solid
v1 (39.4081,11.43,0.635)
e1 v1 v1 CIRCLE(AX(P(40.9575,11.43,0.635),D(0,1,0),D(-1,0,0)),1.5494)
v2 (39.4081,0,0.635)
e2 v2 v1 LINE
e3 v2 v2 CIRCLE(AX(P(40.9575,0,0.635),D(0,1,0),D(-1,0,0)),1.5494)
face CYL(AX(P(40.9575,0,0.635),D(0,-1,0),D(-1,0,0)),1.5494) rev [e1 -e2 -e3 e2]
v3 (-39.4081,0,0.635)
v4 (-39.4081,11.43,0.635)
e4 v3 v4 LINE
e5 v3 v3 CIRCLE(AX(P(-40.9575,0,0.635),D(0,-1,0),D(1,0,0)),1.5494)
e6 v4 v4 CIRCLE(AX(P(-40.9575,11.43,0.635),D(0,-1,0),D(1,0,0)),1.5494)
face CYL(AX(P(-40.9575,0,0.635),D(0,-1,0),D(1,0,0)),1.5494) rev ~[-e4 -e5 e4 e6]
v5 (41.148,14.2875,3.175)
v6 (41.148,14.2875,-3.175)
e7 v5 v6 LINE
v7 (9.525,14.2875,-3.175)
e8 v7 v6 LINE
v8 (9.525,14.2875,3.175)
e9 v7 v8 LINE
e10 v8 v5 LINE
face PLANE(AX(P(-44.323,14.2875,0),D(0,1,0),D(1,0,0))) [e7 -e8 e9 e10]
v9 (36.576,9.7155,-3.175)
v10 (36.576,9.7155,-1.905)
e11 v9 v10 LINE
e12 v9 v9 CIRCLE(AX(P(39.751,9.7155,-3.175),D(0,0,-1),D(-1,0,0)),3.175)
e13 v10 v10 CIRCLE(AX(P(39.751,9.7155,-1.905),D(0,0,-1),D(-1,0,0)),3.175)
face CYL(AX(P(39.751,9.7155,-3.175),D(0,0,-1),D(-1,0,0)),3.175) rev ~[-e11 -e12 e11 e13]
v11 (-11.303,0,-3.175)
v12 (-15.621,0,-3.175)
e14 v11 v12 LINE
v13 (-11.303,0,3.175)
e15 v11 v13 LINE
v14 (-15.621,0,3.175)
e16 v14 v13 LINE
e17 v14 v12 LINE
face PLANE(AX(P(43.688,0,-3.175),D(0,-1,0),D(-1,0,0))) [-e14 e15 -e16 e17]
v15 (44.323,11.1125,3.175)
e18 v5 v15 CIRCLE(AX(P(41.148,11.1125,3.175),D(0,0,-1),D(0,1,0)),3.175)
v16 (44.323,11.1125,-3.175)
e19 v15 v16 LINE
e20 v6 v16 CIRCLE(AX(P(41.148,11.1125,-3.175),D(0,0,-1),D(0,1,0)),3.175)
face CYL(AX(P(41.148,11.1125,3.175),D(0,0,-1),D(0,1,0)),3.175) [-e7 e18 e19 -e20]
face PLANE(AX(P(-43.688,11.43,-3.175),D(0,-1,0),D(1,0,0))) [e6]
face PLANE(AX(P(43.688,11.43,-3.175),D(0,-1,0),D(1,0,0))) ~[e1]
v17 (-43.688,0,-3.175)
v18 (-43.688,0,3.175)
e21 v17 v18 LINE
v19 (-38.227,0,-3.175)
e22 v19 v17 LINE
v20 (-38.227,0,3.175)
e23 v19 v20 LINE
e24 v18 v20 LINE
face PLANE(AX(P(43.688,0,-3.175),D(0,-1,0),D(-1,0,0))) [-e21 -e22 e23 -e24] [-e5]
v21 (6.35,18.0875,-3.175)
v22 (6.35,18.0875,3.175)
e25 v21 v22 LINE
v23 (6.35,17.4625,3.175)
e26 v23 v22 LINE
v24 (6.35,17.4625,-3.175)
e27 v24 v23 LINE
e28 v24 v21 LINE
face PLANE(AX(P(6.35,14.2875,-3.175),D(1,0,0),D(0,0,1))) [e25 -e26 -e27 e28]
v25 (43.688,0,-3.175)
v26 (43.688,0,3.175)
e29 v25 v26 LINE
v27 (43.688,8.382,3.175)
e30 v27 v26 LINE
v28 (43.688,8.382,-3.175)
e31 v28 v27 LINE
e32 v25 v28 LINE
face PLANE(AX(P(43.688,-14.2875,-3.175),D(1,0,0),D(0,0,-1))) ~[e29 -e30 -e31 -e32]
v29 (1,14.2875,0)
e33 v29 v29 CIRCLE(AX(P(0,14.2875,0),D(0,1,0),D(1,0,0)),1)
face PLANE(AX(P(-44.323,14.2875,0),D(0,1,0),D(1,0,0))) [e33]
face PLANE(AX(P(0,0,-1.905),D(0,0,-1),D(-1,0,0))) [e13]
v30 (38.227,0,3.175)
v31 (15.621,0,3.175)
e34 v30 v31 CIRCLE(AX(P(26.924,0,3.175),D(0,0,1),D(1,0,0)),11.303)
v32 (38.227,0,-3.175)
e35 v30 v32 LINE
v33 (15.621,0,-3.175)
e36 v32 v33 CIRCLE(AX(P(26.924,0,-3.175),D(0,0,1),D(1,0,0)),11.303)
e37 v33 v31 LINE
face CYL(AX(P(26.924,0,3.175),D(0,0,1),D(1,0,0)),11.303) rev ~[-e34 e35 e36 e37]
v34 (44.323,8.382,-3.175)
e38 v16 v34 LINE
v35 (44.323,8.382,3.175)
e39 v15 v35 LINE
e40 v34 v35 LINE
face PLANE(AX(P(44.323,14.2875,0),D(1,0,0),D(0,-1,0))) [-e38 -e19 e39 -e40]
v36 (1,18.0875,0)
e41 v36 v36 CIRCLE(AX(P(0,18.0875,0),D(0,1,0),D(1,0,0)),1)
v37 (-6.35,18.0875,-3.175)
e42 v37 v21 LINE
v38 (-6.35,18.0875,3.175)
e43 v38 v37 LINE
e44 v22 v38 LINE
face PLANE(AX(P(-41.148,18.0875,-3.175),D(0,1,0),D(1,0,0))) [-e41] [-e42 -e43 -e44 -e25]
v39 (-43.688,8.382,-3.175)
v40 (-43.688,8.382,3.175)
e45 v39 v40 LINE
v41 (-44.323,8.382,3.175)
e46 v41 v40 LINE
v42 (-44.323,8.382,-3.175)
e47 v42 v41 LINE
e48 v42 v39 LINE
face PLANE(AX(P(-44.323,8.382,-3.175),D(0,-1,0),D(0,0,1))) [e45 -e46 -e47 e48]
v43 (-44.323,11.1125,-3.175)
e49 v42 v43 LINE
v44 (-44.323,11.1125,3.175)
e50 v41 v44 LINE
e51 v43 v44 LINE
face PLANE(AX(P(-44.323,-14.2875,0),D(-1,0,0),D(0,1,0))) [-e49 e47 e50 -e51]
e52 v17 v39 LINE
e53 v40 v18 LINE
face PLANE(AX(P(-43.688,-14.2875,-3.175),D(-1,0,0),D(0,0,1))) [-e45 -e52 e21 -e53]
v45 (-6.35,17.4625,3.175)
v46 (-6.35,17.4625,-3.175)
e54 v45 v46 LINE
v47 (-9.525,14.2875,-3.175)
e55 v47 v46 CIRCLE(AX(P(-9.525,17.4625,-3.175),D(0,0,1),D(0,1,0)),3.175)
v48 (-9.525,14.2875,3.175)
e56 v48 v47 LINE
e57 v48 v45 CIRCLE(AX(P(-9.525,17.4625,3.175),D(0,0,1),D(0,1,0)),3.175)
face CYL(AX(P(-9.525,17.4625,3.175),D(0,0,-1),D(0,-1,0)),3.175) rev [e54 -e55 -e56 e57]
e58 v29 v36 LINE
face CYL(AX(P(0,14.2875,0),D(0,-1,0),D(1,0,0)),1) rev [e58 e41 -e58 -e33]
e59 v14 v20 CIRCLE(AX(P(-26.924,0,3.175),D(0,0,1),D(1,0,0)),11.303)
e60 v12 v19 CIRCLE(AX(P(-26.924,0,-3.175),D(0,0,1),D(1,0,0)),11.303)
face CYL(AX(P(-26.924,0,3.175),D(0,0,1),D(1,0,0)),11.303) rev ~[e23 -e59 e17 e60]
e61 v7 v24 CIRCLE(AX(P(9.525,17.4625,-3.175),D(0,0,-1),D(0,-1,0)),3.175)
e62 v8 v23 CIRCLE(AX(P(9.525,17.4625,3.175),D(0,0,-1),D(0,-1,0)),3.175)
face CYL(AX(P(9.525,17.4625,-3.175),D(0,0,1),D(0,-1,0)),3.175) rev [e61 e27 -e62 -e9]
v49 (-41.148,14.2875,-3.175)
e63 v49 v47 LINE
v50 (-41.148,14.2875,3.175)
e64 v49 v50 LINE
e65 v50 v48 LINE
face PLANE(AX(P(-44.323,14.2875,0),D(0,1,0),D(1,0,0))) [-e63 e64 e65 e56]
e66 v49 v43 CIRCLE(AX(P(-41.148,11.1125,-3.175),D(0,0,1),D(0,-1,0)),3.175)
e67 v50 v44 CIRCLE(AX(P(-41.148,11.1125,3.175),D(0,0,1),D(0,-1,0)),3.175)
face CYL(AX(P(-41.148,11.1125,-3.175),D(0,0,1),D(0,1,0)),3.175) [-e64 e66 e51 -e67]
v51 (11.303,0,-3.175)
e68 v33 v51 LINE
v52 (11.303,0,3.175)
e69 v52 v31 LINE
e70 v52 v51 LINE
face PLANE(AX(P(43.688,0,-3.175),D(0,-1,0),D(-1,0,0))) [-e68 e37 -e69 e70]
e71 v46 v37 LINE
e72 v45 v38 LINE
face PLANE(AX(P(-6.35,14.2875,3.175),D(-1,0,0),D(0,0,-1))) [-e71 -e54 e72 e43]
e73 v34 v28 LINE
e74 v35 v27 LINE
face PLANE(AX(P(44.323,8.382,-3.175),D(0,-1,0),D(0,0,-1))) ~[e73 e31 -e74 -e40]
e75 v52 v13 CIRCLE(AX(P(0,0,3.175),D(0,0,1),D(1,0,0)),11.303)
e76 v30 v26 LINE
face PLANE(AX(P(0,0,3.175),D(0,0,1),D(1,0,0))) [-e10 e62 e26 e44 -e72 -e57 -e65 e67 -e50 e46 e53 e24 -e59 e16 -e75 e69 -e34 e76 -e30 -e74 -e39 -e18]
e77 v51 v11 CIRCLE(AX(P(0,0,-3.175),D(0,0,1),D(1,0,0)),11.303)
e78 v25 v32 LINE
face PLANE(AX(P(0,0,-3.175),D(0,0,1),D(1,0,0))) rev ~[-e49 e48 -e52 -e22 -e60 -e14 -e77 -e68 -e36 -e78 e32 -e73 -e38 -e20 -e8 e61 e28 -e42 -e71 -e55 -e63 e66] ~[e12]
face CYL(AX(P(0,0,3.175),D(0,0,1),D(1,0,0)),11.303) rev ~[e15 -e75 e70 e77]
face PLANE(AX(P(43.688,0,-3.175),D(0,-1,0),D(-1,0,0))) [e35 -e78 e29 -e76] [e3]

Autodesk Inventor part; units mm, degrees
ref_plane "YZ Plane" through (0, 0, 0) normal (1, 0, 0) x (0, 1, 0)
ref_plane "XZ Plane" through (0, 0, 0) normal (0, 1, 0) x (-1, 0, 0)
ref_plane "XY Plane" through (0, 0, 0) normal (0, 0, 1) x (1, 0, 0)
sketch "Sketch1" plane through (0, 0, 0) normal (0, 0, 1) x (1, 0, 0)
  line L0 (-44.323, 14.2875) -> (44.323, 14.2875)
  line L1 (44.323, 14.2875) -> (44.323, -14.2875)
  line L2 (44.323, -14.2875) -> (-44.323, -14.2875)
  line L3 (-44.323, -14.2875) -> (-44.323, 14.2875)
  point P0 (0, 0)
  dimension "d0" = 88.646
  dimension "d1" = 44.323
  dimension "d2" = 14.2875
  dimension "d3" = 28.575
extrude "Extrusion1" add sketch "Sketch1" along normal mid plane 6.35
sketch "Sketch2" plane through (0, 0, 3.175) normal (0, 0, 1) x (1, 0, 0)
  circle A0 centre (-26.924, 0) radius 11.303
  circle A1 centre (0, 0) radius 11.303
  line L0 (44.323, -14.2875) -> (44.323, 14.2875) projected
  circle A2 centre (26.924, 0) radius 11.303
  line L1 (-44.323, 14.2875) -> (-44.323, -14.2875) projected
  line L2 (-44.323, 0) -> (44.323, 0) construction
  line L3 (44.323, 14.2875) -> (-44.323, 14.2875) projected
  point P0 (0, 0)
  dimension "d6" = 22.606
  dimension "d9" = 22.606
  dimension "d11" = 22.606
  dimension "d14" = 26.924
  dimension "d21" = 88.646
  dimension "d22" = 26.924
  dimension "d45" = 0
sketch "Sketch4" plane through (-44.323, -14.2875, -3.175) normal (-1, 0, 0) x (0, 0, 1)
  line L0 (0, 0) -> (0, 28.575) projected
  line L1 (6.35, 28.575) -> (6.35, 0) projected
  line L2 (0, 22.6695) -> (6.35, 22.6695)
  line L3 (6.35, 22.6695) -> (6.35, 5.9055)
  line L4 (6.35, 5.9055) -> (0, 5.9055)
  line L5 (0, 5.9055) -> (0, 22.6695)
  point P0 (3.175, 14.2875)
  dimension "d30" = 8.382
  dimension "d31" = 16.764
extrude "Extrusion3" cut sketch "Sketch4" against normal blind 0.635
mirror "Mirror1" about plane through (0, 0, 0) normal (1, 0, 0) of "Extrusion3"
sketch "Sketch11" plane through (0, 0, -3.175) normal (0, 0, -1) x (-1, 0, 0)
  circle A0 centre (-39.751, 9.7155) radius 3.175
  line L0 (-44.323, 14.2875) -> (-44.323, 8.382) projected
  line L1 (44.323, 14.2875) -> (-44.323, 14.2875) projected
  point P0 (0, 0)
  dimension "d72" = 4.572
  dimension "d73" = 4.572
  dimension "d74" = 6.35
extrude "Extrusion10" cut sketch "Sketch11" against normal blind 1.27
sketch "Sketch7" plane through (-44.323, -14.2875, 3.175) normal (0, -1, 0) x (1, 0, 0)
  line L0 (30.353, -14.605) -> (58.293, -14.605)
  line L1 (58.293, -14.605) -> (58.293, 8.255)
  line L2 (58.293, 8.255) -> (30.353, 8.255)
  line L3 (30.353, 8.255) -> (30.353, -14.605)
  point P0 (44.323, -3.175)
  dimension "d39" = 27.94
  dimension "d40" = 22.86
  dimension "d41" = 11.43
  dimension "d42" = 13.97
extrude "Extrusion5" [suppressed]
extrude "Extrusion6" cut sketch "Sketch2" against normal blind 25.4
sketch "Sketch8" plane through (0, 0, -3.175) normal (0, 0, -1) x (-1, 0, 0)
  line L0 (43.688, 8.382) -> (43.688, -8.382) construction
  line L1 (43.688, 0) -> (-43.688, 0)
  line L2 (-43.688, 8.382) -> (-43.688, -8.382) construction
  line L3 (44.323, 14.2875) -> (-44.323, 14.2875) projected
  line L4 (44.323, 8.382) -> (44.323, 14.2875) projected
  line L5 (-44.323, 14.2875) -> (-44.323, 8.382) projected
  line L6 (-43.688, 8.382) -> (-43.688, 0)
  line L7 (-44.323, 8.382) -> (-43.688, 8.382) projected
  line L8 (43.688, 8.382) -> (43.688, 0)
  line L9 (43.688, 8.382) -> (44.323, 8.382) projected
  point P0 (0, 0)
extrude "Extrusion7" [suppressed]
sketch "Sketch9" plane through (0, 0, -3.175) normal (0, 0, -1) x (-1, 0, 0)
  line L0 (-44.323, -14.2875) -> (44.323, -14.2875) projected
  line L1 (44.323, -14.2875) -> (44.323, -8.382) projected
  line L2 (44.323, -8.382) -> (43.688, -8.382) projected
  line L3 (-43.688, -8.382) -> (-44.323, -8.382) projected
  line L4 (-44.323, -8.382) -> (-44.323, -14.2875) projected
  line L5 (-43.688, 8.382) -> (-43.688, -8.382) projected
  line L6 (-43.688, 0) -> (-43.688, -8.382)
  line L7 (-43.688, 0) -> (43.688, 0)
  line L8 (43.688, -8.382) -> (43.688, 8.382) projected
  line L9 (43.688, -8.382) -> (43.688, 0)
  point P0 (0, 0)
extrude "Extrusion8" cut sketch "Sketch9" against normal through all
sketch "Sketch10" plane through (-43.688, 0, -3.175) normal (0, -1, 0) x (1, 0, 0)
  line L0 (5.461, 6.35) -> (5.461, 0) projected
  line L1 (0, 0) -> (0, 6.35) projected
  line L2 (-0.635, 0) -> (-0.635, 6.35) projected
  line L3 (5.461, 6.35) -> (5.461, 0) projected
  line L4 (0, 6.35) -> (5.461, 6.35) projected
  line L5 (0, 0) -> (0, 6.35) projected
  line L6 (5.461, 0) -> (0, 0) projected
  circle A0 centre (2.7305, 3.81) radius 1.5494
  line L7 (86.614, 1.27) -> (80.264, 1.27) projected
  line L8 (86.614, 0) -> (80.264, 0) projected
  point P0 (43.688, 3.175)
  point P1 (84.328, 1.27)
  point P2 (77.978, 1.27)
  point P3 (84.328, 0)
  point P4 (77.978, 0)
  dimension "d58" = 3.0988
  dimension "d61" = 5.461
  dimension "d62" = 2.7305
  dimension "d77" = 5.08
  dimension "d78" = 2.54
extrude "Extrusion9" cut sketch "Sketch10" against normal blind 11.43 contours A0
mirror "Mirror2" about plane through (0, 0, 0) normal (1, 0, 0) of "Extrusion9"
thread "Thread1" size "5-40 UNC" class "2B" standard "ANSI Unified Screw Threads" full length
thread "Thread2" size "5-40 UNC" class "2B" standard "ANSI Unified Screw Threads" full length
fillet "Fillet1" radius 3.175 2 edges at (-44.323, 14.2875, 0) (44.323, 14.2875, 0)
sketch "Sketch12" plane through (-41.148, 14.2875, -3.175) normal (0, 1, 0) x (1, 0, 0)
  line L0 (82.296, -6.35) -> (0, -6.35) projected
  line L1 (34.798, 0) -> (47.498, 0)
  line L2 (47.498, 0) -> (47.498, -6.35)
  line L3 (47.498, -6.35) -> (34.798, -6.35)
  line L4 (34.798, -6.35) -> (34.798, 0)
  circle A0 centre (41.148, -3.175) radius 1
  line L5 (29.845, 0) -> (52.451, 0) projected
  dimension "d81" = 6.35
  dimension "d82" = 12.7
  dimension "d83" = 2
  dimension "d87" = 0
extrude "Extrusion11" add sketch "Sketch12" along normal blind 3.8
fillet "Fillet3" radius 3.175 2 edges at (6.35, 14.2875, 0) (-6.35, 14.2875, 0)
equation "\"d1\" = 0.5 * d0"
equation "\"d2\" = 0.5 * d3"
equation "\"d9\" = d7"
equation "\"d11\" = d9"
equation "\"d22\" = d14"
equation "\"d30\" = 0.5 * d31"
equation "\"d41\" = 0.5 * d40"
equation "\"d42\" = 0.5 * d39"
equation "\"d62\" = 0.5 * d61"
equation "\"d78\" = 0.5 * d77"
equation "\"d81\" = 0.5 * d82"
equation "\"d7\" = d6"
properties part number "Tube Holder Halve 2" material "Aluminum 6061-AHC"
